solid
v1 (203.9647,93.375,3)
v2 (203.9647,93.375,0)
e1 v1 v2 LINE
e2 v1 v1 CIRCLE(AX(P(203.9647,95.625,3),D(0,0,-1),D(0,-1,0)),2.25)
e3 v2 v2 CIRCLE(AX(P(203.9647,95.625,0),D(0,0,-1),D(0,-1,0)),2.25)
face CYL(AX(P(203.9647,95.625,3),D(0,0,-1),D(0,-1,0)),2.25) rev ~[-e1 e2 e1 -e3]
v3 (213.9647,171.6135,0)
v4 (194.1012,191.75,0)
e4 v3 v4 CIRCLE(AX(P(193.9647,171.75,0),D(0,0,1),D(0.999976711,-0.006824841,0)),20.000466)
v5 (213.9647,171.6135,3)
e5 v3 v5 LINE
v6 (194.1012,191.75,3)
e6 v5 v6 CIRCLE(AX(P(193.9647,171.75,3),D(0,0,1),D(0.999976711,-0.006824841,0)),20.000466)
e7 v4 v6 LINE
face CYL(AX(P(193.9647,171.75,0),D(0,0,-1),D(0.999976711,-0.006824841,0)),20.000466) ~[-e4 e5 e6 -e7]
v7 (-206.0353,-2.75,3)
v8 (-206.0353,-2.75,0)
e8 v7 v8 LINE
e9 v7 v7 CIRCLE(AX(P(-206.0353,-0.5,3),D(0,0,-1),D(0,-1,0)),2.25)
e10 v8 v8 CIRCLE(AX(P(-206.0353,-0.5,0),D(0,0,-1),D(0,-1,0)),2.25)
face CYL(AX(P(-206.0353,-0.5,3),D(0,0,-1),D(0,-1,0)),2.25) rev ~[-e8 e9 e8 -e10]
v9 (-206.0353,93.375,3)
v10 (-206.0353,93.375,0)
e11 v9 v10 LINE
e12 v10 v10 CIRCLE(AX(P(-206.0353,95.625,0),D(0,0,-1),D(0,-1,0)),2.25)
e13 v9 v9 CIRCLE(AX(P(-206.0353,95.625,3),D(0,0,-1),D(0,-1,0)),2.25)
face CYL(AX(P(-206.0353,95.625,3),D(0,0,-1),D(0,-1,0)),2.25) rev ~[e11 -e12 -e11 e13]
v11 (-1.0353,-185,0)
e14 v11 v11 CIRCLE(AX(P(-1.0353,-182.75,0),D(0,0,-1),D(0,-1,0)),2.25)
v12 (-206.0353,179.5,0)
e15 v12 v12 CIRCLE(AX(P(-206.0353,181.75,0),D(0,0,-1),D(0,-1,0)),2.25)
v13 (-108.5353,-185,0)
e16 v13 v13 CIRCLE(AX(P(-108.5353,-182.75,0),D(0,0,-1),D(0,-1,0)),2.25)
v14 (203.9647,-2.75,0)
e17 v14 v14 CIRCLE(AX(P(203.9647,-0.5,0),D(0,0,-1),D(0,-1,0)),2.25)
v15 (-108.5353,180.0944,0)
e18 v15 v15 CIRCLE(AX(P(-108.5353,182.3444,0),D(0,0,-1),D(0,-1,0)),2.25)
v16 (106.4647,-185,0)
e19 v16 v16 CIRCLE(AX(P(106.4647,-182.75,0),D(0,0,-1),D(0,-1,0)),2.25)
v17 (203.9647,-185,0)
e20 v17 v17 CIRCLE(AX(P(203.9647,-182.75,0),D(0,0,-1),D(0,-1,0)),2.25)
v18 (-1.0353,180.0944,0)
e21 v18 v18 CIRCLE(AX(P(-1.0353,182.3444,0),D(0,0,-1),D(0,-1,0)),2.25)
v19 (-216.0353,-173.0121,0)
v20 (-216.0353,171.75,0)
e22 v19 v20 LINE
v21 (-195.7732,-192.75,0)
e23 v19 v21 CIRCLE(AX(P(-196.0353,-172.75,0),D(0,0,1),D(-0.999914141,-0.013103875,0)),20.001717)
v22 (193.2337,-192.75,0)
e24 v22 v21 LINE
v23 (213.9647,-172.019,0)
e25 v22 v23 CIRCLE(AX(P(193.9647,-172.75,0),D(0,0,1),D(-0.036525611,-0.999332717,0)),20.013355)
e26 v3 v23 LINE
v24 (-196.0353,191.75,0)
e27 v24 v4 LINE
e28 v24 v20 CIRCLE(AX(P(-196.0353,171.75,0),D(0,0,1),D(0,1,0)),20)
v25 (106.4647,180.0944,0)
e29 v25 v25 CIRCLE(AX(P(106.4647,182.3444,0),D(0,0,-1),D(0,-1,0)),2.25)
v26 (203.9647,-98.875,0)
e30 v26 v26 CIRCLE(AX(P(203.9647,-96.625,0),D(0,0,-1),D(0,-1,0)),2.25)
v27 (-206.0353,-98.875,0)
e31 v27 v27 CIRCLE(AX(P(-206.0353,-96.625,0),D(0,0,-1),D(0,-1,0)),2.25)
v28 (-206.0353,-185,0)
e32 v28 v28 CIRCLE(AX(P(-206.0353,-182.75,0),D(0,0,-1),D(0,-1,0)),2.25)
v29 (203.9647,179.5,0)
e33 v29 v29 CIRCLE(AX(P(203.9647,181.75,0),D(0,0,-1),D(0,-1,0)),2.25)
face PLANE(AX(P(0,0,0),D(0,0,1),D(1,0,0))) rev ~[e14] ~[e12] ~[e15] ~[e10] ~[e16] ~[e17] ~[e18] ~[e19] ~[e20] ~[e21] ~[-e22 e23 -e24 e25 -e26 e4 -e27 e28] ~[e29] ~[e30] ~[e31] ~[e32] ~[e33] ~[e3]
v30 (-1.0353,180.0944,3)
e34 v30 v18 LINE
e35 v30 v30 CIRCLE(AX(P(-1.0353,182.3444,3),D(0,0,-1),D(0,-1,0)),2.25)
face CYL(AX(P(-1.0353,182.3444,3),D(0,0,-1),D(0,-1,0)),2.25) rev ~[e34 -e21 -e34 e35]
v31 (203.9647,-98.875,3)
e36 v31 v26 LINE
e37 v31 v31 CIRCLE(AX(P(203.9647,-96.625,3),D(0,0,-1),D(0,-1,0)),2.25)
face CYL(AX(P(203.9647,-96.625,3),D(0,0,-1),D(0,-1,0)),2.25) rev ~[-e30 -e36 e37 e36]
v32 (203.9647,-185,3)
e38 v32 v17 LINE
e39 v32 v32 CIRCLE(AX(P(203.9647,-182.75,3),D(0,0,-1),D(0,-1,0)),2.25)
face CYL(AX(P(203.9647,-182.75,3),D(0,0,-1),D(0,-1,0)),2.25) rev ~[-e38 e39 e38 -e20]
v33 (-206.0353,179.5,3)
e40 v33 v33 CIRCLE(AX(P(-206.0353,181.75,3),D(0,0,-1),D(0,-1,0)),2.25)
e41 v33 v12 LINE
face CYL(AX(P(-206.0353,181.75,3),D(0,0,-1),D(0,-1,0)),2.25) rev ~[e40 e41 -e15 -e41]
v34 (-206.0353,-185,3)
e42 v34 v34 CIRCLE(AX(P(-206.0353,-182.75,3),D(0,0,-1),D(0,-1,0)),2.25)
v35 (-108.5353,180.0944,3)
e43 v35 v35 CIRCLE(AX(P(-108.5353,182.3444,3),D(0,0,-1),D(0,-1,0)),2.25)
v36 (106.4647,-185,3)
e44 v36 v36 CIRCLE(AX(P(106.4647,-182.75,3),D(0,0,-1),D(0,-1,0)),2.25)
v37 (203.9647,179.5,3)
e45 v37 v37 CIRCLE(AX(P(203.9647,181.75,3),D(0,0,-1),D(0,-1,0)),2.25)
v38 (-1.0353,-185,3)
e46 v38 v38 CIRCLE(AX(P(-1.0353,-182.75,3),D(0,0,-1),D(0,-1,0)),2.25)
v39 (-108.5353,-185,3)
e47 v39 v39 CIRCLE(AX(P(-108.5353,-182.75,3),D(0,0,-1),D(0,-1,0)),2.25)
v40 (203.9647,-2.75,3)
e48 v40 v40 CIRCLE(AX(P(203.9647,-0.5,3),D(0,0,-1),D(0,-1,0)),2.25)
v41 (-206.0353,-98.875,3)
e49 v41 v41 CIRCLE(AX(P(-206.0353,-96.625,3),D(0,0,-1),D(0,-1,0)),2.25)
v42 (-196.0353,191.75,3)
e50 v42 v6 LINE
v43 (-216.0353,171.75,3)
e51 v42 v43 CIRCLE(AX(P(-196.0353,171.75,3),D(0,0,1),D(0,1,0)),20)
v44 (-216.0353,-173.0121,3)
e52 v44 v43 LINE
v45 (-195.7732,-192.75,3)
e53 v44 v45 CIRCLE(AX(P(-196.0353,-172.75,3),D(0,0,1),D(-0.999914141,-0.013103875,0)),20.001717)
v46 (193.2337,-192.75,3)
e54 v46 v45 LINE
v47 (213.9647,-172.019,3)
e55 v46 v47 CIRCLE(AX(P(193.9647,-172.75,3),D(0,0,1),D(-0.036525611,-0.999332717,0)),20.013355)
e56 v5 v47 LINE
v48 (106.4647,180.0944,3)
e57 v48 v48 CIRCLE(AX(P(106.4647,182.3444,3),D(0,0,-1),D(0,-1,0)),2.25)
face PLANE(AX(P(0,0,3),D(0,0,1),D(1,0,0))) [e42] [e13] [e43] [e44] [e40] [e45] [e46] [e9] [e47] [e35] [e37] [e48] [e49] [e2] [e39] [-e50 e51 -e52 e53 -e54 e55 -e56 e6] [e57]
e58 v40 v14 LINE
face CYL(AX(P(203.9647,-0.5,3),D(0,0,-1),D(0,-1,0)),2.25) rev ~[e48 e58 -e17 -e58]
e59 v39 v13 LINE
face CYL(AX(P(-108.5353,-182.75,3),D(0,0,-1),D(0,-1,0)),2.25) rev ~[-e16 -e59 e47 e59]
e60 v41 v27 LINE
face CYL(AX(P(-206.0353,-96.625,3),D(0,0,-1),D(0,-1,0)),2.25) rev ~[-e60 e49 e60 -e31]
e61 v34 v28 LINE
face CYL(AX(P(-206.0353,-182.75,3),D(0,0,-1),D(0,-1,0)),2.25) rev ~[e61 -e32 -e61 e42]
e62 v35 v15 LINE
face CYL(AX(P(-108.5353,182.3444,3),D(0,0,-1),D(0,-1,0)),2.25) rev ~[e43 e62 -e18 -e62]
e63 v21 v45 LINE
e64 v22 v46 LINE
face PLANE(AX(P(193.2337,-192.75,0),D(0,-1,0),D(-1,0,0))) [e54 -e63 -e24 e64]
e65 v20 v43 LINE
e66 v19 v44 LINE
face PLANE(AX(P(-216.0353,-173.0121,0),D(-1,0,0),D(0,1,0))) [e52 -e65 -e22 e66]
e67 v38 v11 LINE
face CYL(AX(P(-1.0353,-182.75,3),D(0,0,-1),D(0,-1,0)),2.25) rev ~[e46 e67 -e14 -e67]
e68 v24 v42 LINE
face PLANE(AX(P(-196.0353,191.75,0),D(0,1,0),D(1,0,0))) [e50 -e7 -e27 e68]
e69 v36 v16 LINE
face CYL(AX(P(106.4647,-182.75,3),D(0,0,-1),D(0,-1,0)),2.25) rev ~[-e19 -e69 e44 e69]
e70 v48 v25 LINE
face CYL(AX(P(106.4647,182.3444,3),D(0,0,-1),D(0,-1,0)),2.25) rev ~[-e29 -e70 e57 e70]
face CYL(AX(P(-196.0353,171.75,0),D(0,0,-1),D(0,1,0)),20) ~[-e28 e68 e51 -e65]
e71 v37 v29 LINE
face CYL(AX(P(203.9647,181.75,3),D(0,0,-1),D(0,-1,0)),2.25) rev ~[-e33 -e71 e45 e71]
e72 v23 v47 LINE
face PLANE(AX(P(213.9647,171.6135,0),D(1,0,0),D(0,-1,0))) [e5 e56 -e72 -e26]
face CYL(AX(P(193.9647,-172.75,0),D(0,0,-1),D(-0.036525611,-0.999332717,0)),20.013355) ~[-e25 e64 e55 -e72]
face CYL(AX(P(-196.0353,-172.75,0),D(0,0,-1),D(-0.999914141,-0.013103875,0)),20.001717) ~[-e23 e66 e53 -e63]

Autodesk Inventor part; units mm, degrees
ref_plane "YZ Plane" through (0, 0, 0) normal (1, 0, 0) x (0, 1, 0)
ref_plane "XZ Plane" through (0, 0, 0) normal (0, 1, 0) x (-1, 0, 0)
ref_plane "XY Plane" through (0, 0, 0) normal (0, 0, 1) x (1, 0, 0)
sketch "Sketch1" plane through (0, 0, 0) normal (0, 0, 1) x (1, 0, 0)
  line L0 (-196.0353, 191.75) -> (194.1012, 191.75)
  line L1 (213.9647, 171.6135) -> (213.9647, -172.019)
  line L2 (193.2337, -192.75) -> (-195.7732, -192.75)
  line L3 (-216.0353, -173.0121) -> (-216.0353, 171.75)
  line L4 (-205, 191.75) -> (205, -191.75) construction
  line L5 (205, 191.75) -> (-205, -191.75) construction
  arc A0 (-196.0353, 191.75) -> (-216.0353, 171.75) centre (-196.0353, 171.75) ccw
  arc A1 (-216.0353, -173.0121) -> (-195.7732, -192.75) centre (-196.0353, -172.75) ccw
  arc A2 (213.9647, 171.6135) -> (194.1012, 191.75) centre (193.9647, 171.75) ccw
  arc A3 (193.2337, -192.75) -> (213.9647, -172.019) centre (193.9647, -172.75) ccw
  point P0 (0, 0)
  dimension "d2" = 40
  dimension "d16" = 430
  dimension "d17" = 384.5
  dimension "d18" = 20
  dimension "d19" = 20
  dimension "d20" = 20
  dimension "d21" = 20
  dimension "d22" = 20
  dimension "d23" = 20
extrude "Extrusion1" add sketch "Sketch1" along normal blind 3
sketch "Sketch2" plane through (0, 0, 3) normal (0, 0, 1) x (1, 0, 0)
  line L0 (194.1012, 191.75) -> (-196.0353, 191.75) projected
  arc A0 (-196.0353, 191.75) -> (-216.0353, 171.75) centre (-196.0353, 171.75) ccw projected
  line L1 (-216.0353, 171.75) -> (-216.0353, -173.0121) projected
  arc A1 (-216.0353, -173.0121) -> (-195.7732, -192.75) centre (-196.0353, -172.75) ccw projected
  line L2 (-195.7732, -192.75) -> (193.2337, -192.75) projected
  arc A2 (193.2337, -192.75) -> (213.9647, -172.019) centre (193.9647, -172.75) ccw projected
  line L3 (213.9647, -172.019) -> (213.9647, 171.6135) projected
  arc A3 (213.9647, 171.6135) -> (194.1012, 191.75) centre (193.9647, 171.75) ccw projected
  line L4 (-29.4365, -0.5) -> (27.4029, -0.5)
  line L5 (-1.0353, 26.0167) -> (-1.0353, -40.6326)
  point P0 (0, 0)
  point P1 (-206.0353, -182.75)
  point P2 (203.9647, -182.75)
  point P3 (-206.0353, 181.75)
  point P4 (203.9647, 181.75)
  dimension "d6" = 10
  dimension "d7" = 10
  dimension "d24" = 10
  dimension "d25" = 10
  dimension "d26" = 10
  dimension "d27" = 10
  dimension "d28" = 10
  dimension "d29" = 10
hole "Hole1" at (-206.0353, -182.75, 3) at (203.9647, -182.75, 3) at (-206.0353, 181.75, 3) at (203.9647, 181.75, 3) direction (0, 0, -1) diameter 4.5 end through all
sketch "Sketch3" plane through (0, 0, 3) normal (0, 0, 1) x (1, 0, 0)
  line L0 (-195.7732, -192.75) -> (193.2337, -192.75) projected
  line L1 (-216.0353, 171.75) -> (-216.0353, -173.0121) projected
  line L2 (194.1012, 191.75) -> (-196.0353, 191.75) projected
  line L3 (213.9647, -172.019) -> (213.9647, 171.6135) projected
  line L4 (-112.0022, -0.2028) -> (58.7226, -0.2028)
  line L5 (-1.0353, -182.75) -> (-1.0353, -118.948)
  point P0 (0, 0)
  point P1 (-108.5353, -182.75)
  point P2 (-206.0353, -96.625)
  point P3 (-206.0353, 95.625)
  point P4 (-206.0353, -0.5)
  point P5 (106.4647, -182.75)
  point P6 (-108.5353, 182.3444)
  point P7 (106.4647, 182.3444)
  point P8 (-1.0353, 182.3444)
  point P9 (203.9647, -96.625)
  point P10 (203.9647, 95.625)
  point P11 (203.9647, -0.5)
  dimension "d30" = 10
  dimension "d31" = 10
  dimension "d38" = 384.5
  dimension "d41" = 288.375
  dimension "d42" = 192.25
  dimension "d43" = 96.125
  dimension "d44" = 430
  dimension "d45" = 107.5
  dimension "d46" = 215
  dimension "d47" = 322.5
hole "Hole2" at (-108.5353, -182.75, 3) at (-206.0353, -96.625, 3) at (-206.0353, 95.625, 3) at (-206.0353, -0.5, 3) at (106.4647, -182.75, 3) at (-1.0353, -182.75, 3) at (-108.5353, 182.3444, 3) at (-1.0353, 182.3444, 3) at (106.4647, 182.3444, 3) at (203.9647, 95.625, 3) at (203.9647, -0.5, 3) at (203.9647, -96.625, 3) direction (0, 0, -1) diameter 4.5 end through all
equation "\"d22\" = d19"
equation "\"d23\" = d20"
equation "\"d26\" = d7"
equation "\"d41\" = 0.75 * d38"
equation "\"d42\" = 0.5 * d38"
equation "\"d43\" = 0.25 * d38"
equation "\"d45\" = 0.25 * d44"
equation "\"d46\" = 0.5 * d44"
equation "\"d47\" = 0.75 * d44"
properties part number "right_pane_outerl"
